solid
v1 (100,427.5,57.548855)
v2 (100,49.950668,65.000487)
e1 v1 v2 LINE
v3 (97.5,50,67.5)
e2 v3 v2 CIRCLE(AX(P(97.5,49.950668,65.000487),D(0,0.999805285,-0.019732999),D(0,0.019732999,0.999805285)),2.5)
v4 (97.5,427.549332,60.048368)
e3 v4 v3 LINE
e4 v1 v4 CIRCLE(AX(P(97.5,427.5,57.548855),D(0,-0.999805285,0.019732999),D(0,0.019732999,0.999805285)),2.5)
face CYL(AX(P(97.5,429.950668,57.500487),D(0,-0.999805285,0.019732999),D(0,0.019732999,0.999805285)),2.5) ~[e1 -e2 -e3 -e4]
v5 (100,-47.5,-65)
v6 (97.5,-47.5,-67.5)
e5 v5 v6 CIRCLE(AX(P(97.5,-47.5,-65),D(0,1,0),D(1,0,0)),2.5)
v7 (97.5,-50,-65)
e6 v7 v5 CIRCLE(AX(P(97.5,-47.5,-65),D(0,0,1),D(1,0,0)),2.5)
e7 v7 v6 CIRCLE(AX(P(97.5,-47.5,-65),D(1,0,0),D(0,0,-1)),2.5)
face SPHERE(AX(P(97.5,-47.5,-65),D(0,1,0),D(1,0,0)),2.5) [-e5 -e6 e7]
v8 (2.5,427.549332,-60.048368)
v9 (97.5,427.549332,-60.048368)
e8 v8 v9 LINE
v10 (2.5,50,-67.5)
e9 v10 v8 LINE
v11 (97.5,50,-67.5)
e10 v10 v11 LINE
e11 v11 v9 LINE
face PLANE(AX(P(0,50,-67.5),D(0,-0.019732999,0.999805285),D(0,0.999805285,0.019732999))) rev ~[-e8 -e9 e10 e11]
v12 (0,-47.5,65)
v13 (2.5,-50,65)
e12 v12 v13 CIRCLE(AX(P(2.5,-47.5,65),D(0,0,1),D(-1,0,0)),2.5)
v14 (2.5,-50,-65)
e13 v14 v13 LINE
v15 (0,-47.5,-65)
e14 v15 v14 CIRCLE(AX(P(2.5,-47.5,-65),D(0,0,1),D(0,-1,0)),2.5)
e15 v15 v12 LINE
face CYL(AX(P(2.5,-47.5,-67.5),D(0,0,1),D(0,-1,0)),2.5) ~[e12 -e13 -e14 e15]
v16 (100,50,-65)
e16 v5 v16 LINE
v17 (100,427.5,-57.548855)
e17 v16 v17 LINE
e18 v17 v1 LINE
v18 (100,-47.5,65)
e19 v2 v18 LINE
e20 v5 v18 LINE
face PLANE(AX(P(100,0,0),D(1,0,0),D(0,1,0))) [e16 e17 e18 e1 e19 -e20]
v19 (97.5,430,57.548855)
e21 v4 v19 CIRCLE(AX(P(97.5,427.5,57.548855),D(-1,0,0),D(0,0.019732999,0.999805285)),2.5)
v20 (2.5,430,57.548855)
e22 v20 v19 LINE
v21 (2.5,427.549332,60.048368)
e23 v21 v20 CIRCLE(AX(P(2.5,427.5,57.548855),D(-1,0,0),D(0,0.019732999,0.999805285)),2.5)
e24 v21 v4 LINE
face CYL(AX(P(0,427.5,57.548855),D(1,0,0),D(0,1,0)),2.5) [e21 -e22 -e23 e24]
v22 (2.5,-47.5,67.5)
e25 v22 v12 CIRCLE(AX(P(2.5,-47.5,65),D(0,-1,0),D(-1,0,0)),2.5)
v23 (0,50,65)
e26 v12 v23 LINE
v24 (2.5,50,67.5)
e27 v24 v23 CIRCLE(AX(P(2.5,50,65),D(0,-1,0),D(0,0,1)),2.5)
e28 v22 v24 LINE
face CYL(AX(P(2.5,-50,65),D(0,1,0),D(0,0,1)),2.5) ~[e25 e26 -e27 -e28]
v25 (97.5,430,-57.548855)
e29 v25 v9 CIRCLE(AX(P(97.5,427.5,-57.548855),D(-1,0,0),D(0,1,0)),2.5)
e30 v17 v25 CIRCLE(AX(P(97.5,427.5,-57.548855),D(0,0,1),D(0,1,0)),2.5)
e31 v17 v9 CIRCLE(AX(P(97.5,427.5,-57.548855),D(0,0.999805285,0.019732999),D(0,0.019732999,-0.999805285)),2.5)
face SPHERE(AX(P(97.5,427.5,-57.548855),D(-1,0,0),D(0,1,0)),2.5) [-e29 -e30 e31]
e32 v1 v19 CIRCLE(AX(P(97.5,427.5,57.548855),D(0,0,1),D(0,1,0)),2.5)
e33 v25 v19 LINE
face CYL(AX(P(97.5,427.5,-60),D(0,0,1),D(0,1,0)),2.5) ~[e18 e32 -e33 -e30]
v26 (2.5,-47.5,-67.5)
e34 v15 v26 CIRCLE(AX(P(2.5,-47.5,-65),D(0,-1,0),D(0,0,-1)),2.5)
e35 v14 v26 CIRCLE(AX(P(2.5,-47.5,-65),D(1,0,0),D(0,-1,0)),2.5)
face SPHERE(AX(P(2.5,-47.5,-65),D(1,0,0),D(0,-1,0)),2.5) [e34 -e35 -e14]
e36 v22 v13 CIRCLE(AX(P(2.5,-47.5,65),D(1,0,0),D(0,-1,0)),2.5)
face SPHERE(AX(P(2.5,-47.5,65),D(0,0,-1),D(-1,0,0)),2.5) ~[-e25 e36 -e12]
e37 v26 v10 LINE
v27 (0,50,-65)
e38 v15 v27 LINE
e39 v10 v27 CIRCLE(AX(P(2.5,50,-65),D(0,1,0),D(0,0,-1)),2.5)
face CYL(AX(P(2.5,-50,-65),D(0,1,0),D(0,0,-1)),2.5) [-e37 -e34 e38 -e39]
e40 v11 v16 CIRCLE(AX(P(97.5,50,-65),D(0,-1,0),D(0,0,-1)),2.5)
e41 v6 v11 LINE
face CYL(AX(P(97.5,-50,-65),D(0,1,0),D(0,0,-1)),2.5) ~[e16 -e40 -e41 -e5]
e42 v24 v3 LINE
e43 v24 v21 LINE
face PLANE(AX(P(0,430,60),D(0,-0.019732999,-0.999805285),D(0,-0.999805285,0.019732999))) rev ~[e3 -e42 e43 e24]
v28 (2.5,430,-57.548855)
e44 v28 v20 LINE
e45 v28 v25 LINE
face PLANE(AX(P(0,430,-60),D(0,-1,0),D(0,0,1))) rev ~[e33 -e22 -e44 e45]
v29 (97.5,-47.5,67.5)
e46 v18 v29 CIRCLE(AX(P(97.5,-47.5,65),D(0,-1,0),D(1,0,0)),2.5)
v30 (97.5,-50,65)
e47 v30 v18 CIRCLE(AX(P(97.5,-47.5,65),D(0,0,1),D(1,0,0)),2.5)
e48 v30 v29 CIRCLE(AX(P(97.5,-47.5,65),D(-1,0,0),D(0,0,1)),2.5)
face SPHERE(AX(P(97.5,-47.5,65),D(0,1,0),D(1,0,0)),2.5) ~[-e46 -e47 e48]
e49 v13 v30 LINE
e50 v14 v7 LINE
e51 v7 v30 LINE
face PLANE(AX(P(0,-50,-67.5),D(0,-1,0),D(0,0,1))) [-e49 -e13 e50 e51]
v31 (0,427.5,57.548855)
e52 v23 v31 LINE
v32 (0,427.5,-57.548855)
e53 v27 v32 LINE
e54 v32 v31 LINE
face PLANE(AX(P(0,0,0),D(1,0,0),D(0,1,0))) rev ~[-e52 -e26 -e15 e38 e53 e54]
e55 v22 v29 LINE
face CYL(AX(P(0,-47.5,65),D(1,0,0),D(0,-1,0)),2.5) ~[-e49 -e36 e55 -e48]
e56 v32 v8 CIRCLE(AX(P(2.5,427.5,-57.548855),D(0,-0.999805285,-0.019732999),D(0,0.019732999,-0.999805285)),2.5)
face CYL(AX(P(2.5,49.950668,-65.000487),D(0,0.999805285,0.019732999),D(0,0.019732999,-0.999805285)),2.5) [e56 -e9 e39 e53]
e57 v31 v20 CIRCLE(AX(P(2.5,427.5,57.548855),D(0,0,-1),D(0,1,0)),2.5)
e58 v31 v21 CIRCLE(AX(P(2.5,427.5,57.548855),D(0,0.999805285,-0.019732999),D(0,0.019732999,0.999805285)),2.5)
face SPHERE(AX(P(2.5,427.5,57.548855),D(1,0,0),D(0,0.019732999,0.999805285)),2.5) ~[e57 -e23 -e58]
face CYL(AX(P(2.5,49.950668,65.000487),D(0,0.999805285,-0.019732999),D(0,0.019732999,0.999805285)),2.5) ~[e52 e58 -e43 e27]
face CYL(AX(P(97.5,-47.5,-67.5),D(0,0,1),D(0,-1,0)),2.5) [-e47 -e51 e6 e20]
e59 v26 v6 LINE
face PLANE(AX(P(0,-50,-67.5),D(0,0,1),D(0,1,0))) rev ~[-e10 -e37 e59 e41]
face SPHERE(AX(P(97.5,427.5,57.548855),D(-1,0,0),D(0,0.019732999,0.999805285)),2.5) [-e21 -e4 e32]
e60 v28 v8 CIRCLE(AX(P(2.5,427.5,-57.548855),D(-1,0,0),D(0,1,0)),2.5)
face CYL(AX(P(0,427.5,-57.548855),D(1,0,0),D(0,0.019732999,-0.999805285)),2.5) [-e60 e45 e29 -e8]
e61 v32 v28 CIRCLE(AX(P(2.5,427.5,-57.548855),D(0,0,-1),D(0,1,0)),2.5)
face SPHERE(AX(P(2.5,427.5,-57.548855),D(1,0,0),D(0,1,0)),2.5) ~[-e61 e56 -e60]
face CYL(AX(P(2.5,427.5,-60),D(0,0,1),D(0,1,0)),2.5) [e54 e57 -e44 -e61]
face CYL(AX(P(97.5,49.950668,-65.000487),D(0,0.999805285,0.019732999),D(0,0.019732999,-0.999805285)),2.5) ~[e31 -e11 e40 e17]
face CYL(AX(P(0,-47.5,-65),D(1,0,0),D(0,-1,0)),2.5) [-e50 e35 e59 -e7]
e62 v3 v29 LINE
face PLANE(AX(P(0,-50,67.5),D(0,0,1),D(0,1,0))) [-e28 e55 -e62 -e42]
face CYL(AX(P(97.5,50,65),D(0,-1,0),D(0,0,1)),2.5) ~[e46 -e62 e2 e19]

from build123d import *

# Parameters (mm, degrees)
F0_W     = 100
F0_H     = 135
F0_W_2   = 60
F0_H_2   = 120
F1_DEPTH = 100
F2_R     = 2.5


with BuildPart() as f1:
    # F0 (on Right) → F1 (new body)
    with BuildSketch(Plane.YZ):
        Rectangle(F0_W, F0_H)
        Polygon((430, 60), (50, 67.5), (50, -67.5), (430, -60), (370, -60), (370, 60), align=None)
        with Locations((400, 0)):
            Rectangle(F0_W_2, F0_H_2)
    extrude(amount=F1_DEPTH)

    # F2
    f2_edges = [f1.edges().sort_by_distance(p)[0] for p in [
        (100, 240, 63.75),
        (100, 430, 0),
        (100, 240, -63.75),
        (100, 0, 67.5),
        (100, -50, 0),
        (100, 0, -67.5),
        (50, -50, -67.5),
        (0, -50, 0),
        (0, 0, 67.5),
        (0, 240, -63.75),
        (0, 0, -67.5),
        (50, 430, -60),
        (0, 430, 0),
        (50, 430, 60),
        (0, 240, 63.75),
        (50, -50, 67.5),
    ]]
    fillet(f2_edges, radius=F2_R)


solid = f1.part
